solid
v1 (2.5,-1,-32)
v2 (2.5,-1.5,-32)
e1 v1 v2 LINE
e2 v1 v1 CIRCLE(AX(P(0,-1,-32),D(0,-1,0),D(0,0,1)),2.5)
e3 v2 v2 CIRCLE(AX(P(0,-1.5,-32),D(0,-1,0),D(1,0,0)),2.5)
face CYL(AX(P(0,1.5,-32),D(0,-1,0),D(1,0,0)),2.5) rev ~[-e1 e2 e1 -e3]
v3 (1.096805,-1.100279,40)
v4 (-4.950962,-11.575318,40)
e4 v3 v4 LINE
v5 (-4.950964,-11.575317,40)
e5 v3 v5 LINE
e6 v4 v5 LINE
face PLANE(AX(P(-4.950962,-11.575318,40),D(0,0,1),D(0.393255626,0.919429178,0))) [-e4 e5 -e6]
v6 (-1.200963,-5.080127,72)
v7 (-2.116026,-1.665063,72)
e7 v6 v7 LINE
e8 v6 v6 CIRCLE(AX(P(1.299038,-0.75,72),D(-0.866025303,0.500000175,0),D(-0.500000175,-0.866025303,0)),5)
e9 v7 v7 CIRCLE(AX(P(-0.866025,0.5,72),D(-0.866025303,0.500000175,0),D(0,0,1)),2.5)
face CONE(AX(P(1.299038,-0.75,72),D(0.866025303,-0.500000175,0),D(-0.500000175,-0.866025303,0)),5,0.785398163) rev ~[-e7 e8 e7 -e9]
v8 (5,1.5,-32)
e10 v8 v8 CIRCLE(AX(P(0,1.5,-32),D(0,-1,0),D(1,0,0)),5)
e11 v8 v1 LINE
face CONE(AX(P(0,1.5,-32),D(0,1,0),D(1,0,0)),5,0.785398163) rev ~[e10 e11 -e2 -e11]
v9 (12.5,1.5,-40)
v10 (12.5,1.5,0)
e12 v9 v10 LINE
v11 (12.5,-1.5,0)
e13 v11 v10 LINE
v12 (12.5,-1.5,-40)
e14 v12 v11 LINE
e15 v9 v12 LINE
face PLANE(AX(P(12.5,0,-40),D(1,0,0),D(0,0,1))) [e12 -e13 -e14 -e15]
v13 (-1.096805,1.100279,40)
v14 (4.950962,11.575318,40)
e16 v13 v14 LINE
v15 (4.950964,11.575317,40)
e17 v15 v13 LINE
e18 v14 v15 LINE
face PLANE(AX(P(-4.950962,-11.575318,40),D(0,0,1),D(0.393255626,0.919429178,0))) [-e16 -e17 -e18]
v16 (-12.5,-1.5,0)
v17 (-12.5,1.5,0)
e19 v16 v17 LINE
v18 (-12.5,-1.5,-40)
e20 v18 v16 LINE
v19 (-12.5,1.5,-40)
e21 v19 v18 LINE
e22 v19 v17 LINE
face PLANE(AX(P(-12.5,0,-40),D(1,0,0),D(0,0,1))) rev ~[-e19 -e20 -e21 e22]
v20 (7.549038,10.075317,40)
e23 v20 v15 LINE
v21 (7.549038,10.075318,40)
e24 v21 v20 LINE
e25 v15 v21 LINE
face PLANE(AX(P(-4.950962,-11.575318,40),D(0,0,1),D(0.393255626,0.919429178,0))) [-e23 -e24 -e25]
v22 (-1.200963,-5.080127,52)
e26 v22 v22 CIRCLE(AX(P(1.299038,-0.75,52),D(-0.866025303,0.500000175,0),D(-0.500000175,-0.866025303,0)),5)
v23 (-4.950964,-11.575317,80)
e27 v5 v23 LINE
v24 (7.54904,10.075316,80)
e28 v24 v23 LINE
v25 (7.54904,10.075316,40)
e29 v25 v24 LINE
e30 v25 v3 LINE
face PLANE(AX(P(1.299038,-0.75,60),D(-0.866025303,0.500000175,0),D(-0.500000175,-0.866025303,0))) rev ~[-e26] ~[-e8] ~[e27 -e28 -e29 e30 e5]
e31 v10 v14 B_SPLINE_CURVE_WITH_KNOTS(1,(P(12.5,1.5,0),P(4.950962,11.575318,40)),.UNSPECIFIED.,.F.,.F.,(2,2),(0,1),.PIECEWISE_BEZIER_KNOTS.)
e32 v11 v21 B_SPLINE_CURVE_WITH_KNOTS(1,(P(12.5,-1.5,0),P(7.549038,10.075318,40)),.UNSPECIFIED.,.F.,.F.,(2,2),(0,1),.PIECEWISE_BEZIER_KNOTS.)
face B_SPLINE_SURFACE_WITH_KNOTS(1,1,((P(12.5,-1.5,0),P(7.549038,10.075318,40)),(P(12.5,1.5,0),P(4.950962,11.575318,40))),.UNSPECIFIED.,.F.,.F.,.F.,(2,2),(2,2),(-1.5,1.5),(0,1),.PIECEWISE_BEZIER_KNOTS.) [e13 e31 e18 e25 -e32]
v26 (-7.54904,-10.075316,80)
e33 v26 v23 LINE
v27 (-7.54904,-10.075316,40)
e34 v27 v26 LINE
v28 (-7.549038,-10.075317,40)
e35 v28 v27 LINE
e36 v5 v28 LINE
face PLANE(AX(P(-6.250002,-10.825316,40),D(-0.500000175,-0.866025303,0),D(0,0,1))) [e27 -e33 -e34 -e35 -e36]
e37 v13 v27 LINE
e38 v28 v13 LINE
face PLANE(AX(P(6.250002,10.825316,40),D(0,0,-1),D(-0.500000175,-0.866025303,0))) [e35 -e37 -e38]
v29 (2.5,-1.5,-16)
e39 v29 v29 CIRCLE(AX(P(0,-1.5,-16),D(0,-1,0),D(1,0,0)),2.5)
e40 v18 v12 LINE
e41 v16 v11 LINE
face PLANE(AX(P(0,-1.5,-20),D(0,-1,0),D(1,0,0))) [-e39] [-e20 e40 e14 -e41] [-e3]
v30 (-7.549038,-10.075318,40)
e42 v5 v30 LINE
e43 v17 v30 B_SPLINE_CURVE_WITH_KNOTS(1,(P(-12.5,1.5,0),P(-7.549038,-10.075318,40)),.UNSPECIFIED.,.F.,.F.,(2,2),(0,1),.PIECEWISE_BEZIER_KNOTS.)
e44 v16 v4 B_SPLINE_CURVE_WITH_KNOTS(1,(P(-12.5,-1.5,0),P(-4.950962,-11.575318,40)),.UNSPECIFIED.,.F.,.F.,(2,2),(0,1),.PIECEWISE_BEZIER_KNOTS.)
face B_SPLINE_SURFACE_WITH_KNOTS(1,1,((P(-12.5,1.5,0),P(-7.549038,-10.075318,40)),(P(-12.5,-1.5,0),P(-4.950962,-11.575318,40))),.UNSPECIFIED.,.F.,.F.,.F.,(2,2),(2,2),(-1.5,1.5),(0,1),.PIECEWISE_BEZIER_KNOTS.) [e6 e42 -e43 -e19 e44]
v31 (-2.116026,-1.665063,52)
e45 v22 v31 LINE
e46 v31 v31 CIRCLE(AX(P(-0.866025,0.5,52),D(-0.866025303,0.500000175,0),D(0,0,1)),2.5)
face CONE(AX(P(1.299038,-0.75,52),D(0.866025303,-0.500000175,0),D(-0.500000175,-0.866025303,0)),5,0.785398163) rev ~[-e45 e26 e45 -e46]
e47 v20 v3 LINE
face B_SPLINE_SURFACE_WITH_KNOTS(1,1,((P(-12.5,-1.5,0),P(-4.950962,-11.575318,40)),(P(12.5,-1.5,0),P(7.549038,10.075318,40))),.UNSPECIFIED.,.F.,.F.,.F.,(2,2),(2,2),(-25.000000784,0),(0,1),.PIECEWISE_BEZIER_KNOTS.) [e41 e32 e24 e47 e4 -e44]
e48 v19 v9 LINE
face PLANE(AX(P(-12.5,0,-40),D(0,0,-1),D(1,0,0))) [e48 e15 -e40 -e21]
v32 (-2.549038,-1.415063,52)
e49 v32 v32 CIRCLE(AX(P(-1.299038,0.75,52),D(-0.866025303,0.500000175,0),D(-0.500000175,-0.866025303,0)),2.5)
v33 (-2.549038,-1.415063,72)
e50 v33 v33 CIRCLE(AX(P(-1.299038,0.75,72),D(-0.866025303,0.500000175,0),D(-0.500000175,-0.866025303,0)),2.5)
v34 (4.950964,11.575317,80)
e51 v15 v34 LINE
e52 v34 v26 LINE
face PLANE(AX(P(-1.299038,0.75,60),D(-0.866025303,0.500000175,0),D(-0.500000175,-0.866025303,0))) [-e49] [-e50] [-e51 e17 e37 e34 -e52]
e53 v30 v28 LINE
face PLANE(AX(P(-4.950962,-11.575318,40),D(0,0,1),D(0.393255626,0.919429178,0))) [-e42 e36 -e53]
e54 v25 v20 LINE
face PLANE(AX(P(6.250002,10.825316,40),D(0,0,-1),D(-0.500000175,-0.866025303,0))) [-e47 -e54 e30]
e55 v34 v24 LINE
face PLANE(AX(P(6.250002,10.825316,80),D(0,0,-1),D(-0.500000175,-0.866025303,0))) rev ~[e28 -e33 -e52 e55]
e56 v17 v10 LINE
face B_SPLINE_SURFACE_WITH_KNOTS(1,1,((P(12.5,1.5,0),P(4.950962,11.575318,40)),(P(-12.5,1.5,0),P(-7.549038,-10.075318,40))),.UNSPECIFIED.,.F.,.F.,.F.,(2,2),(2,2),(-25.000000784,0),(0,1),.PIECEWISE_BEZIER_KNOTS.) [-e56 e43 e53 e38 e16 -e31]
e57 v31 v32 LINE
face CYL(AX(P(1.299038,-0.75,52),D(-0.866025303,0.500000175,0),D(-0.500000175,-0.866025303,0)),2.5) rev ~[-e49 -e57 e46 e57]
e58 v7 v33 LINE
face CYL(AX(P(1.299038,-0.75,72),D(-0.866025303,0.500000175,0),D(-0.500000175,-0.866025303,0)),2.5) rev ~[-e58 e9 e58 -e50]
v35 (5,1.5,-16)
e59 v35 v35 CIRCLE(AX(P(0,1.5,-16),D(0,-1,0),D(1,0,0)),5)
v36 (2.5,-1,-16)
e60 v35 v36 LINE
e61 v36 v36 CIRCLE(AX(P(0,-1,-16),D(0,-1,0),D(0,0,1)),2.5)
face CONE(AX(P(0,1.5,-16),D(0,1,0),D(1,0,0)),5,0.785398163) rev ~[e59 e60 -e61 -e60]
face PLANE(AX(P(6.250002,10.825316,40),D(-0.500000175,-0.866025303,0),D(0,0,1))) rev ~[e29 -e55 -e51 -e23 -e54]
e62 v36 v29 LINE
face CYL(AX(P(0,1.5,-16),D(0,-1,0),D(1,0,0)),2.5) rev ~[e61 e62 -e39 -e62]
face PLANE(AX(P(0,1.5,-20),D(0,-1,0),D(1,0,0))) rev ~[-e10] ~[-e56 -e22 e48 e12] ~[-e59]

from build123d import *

# Parameters (mm, degrees)
F0_W            = 25
F0_H            = 40
F1_DEPTH        = 1.5
F4_W            = 25
F4_H            = 40
F5_DEPTH        = 1.5
F1_FACE_W       = 25
F1_FACE_H       = 3
F8_D            = 5
F8_CSINK_D      = 10
F8_CSINK_ANGLE  = 90
F10_D           = 5
F10_CSINK_D     = 10
F10_CSINK_ANGLE = 90


with BuildPart() as f1:
    # F0 (on Front) → F1 (new body, symmetric)
    with BuildSketch(Plane.XZ):
        with Locations((0, -20)):
            Rectangle(F0_W, F0_H)
    extrude(amount=F1_DEPTH, both=True)



with BuildPart() as f5:
    # F4 (on face) → F5 (new body, symmetric)
    with BuildSketch(Plane(origin=(0, 0, 0), x_dir=(-0.5, -0.866025, 0), z_dir=(-0.866025, 0.5, 0))):
        with Locations((0, 60)):
            Rectangle(F4_W, F4_H)
    extrude(amount=F5_DEPTH, both=True)


with BuildPart() as f1_1:
    add(f1.part)

    add(f5.part)  # F6 merges F5
    # F1_face (on face) → F6 section 0
    with BuildSketch(Plane.XY):
        Rectangle(F1_FACE_W, F1_FACE_H)
    # F5_face (on face) → F6 section 1
    with BuildSketch(Plane(origin=(0, 0, 40), x_dir=(1, 0, 0), z_dir=(0, 0, -1))):
        Polygon((7.549038, -10.075318), (-4.950962, 11.575318), (-7.549038, 10.075318), (4.950962, -11.575318), align=None)
    loft()

    # F8 (through all)
    with Locations(Plane(origin=(0, 1.5, 0), x_dir=(-1, 0, 0), z_dir=(0, 1, 0))):
        with Locations((0, -32), (0, -16)):
            CounterSinkHole(F8_D / 2, F8_CSINK_D / 2, counter_sink_angle=F8_CSINK_ANGLE)

    # F10 (through all)
    with Locations(Plane(origin=(1.299038, -0.75, 0), x_dir=(0.5, 0.866025, 0), z_dir=(0.866025, -0.5, 0))):
        with Locations((0, 72), (0, 52)):
            CounterSinkHole(F10_D / 2, F10_CSINK_D / 2, counter_sink_angle=F10_CSINK_ANGLE)


solid = f1_1.part
